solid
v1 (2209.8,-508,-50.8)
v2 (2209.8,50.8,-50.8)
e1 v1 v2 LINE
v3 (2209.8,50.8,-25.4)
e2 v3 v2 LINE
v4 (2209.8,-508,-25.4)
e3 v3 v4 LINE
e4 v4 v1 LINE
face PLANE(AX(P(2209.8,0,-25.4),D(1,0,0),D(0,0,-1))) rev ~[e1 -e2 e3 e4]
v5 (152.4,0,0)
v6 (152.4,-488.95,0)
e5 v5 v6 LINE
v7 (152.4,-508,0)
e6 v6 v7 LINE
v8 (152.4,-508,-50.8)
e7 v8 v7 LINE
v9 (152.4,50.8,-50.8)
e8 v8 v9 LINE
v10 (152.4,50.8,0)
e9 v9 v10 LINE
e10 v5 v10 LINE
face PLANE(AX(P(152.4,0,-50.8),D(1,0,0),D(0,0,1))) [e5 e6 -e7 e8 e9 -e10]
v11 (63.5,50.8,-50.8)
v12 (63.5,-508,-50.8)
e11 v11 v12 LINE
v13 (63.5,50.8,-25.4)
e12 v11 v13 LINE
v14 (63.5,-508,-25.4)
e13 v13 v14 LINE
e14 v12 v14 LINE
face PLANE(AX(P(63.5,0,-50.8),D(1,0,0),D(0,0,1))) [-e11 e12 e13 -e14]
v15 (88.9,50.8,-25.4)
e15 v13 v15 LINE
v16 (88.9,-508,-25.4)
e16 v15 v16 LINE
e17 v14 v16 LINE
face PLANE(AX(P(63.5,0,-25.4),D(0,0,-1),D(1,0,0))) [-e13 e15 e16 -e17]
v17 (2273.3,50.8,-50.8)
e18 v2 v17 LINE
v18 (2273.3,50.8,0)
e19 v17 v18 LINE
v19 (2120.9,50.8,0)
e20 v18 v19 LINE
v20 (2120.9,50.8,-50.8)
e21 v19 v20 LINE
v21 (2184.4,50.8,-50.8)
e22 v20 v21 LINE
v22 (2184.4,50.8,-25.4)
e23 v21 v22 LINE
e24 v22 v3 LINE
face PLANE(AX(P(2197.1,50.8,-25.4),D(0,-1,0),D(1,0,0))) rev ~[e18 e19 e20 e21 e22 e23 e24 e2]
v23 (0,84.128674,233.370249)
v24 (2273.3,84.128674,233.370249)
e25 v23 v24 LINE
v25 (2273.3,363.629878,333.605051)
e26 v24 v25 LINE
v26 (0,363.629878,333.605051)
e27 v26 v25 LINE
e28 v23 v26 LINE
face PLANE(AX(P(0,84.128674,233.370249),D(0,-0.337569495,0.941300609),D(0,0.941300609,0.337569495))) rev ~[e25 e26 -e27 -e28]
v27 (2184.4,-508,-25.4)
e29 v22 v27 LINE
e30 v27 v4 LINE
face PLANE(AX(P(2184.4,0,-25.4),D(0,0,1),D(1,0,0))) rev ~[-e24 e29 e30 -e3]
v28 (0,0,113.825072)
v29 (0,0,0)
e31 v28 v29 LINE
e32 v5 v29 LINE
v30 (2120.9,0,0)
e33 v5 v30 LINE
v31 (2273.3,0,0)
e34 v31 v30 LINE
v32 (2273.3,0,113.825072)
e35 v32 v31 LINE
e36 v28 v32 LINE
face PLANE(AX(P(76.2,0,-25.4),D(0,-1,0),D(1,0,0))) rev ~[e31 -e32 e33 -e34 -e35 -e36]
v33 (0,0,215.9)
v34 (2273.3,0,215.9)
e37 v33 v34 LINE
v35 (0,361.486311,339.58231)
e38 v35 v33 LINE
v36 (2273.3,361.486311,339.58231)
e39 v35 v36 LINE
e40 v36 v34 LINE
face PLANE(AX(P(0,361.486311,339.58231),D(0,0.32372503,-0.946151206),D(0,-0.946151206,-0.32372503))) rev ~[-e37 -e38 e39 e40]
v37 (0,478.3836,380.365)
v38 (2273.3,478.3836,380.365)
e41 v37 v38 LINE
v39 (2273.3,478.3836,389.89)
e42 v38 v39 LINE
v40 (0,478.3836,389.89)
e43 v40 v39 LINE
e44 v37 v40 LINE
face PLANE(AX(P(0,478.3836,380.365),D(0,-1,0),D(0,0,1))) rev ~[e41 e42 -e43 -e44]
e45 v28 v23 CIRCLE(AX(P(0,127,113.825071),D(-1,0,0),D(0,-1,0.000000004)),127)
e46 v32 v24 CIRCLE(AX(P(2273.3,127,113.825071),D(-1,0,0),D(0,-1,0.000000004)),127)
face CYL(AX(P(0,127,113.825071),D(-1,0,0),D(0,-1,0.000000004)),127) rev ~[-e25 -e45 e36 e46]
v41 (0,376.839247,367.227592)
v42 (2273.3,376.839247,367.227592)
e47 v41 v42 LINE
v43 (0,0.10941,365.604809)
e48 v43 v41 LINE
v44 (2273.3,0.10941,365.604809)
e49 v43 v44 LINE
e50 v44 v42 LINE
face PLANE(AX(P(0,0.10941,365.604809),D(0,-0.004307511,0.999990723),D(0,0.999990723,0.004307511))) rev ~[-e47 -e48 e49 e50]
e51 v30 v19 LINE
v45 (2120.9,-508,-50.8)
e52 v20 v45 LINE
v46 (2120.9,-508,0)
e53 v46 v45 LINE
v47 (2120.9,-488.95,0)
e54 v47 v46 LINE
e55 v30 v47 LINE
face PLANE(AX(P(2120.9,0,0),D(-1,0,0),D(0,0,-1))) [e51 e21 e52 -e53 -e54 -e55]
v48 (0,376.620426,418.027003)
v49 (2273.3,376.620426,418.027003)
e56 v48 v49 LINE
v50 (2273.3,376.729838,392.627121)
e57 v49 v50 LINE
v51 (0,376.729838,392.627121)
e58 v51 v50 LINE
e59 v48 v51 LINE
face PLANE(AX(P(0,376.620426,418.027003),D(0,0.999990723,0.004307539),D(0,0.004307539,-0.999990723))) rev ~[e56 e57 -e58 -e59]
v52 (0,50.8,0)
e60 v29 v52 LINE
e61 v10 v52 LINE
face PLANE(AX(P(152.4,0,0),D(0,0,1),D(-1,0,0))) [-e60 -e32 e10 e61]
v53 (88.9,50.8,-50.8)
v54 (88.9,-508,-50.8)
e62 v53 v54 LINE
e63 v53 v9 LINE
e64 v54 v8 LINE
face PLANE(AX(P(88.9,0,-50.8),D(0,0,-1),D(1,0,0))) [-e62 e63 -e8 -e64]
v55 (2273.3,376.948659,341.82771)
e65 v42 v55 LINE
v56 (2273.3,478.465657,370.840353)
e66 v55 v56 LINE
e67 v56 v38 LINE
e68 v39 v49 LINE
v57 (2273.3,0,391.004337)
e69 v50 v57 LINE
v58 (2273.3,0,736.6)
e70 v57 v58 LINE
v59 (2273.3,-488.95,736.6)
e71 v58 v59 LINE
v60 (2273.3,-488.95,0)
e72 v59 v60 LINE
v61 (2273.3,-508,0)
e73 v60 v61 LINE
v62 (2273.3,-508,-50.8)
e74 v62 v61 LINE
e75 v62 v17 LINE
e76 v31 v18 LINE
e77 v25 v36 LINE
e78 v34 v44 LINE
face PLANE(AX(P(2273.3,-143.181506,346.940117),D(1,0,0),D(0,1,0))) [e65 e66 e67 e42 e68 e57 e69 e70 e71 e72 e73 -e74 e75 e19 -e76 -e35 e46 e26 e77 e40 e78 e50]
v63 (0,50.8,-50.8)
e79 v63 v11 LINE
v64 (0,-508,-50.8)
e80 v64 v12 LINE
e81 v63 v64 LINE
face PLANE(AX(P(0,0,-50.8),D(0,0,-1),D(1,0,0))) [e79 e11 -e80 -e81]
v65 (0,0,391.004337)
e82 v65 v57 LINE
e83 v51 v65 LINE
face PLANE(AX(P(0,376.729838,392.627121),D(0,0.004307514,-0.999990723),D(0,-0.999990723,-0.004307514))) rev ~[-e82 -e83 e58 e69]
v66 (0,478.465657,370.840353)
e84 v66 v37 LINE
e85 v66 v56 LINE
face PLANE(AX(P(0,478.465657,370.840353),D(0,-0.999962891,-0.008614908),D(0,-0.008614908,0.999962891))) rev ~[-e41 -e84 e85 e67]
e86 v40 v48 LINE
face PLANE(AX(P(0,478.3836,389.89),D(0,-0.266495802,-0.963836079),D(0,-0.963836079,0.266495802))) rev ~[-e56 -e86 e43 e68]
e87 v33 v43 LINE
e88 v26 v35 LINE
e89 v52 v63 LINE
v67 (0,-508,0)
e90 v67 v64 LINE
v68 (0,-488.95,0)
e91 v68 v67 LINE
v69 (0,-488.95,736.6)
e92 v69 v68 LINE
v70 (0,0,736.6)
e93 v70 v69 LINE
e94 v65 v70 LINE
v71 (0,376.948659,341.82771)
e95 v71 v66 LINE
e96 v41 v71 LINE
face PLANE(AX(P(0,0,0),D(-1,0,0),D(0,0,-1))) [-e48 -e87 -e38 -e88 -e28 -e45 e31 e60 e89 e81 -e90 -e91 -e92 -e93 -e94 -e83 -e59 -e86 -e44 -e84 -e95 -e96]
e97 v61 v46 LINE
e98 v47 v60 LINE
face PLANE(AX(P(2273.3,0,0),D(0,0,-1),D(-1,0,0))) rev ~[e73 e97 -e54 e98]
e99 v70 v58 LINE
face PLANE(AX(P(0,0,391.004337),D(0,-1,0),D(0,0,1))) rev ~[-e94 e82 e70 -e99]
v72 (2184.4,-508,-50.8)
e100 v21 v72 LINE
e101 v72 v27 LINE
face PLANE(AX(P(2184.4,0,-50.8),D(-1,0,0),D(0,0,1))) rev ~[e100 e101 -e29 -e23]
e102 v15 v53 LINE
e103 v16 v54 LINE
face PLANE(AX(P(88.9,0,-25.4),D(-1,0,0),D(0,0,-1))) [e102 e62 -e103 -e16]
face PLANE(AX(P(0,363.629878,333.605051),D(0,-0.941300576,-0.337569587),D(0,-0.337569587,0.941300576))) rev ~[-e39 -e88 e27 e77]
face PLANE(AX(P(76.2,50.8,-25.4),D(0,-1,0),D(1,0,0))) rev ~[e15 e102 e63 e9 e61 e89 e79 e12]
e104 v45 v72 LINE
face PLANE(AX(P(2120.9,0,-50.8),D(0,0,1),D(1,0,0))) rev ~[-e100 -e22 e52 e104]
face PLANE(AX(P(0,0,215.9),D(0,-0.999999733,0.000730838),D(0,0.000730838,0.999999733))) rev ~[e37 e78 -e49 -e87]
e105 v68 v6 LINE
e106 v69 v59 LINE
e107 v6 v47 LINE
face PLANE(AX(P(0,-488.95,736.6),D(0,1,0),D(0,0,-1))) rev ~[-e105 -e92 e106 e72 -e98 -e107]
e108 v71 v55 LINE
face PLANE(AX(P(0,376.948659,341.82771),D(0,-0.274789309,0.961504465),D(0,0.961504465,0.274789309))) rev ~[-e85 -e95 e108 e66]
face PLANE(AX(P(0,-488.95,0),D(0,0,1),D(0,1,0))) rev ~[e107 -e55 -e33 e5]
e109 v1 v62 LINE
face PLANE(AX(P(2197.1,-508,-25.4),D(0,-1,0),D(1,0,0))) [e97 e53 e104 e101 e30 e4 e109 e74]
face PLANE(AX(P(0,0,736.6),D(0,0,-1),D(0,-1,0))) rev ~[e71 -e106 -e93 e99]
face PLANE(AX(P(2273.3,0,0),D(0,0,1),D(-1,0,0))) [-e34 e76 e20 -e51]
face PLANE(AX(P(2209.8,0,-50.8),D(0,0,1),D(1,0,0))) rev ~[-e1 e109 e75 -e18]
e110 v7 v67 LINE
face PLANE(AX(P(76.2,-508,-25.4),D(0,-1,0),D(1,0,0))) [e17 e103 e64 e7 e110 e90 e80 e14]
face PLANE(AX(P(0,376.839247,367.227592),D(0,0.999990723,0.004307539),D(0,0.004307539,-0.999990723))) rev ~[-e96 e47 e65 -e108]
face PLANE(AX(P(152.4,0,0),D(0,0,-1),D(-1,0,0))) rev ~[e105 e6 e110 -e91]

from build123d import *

# Parameters (mm, degrees)
F1_DEPTH      = 2273.3
F3_DEPTH      = 508
F3_DEPTH_BACK = 50.8


with BuildPart() as f1:
    # F0 (on Right) → F1 (new body)
    with BuildSketch(Plane.YZ):
        with BuildLine():
            Line((-488.95, 736.6), (-488.95, 0))
            Line((-488.95, 0), (0, 0))
            Line((0, 0), (0, 113.825072))
            ThreePointArc((0, 113.825072), (23.140339, 186.915227), (84.128674, 233.370249))
            Line((84.128674, 233.370249), (363.629878, 333.605051))
            Line((363.629878, 333.605051), (361.486311, 339.58231))
            Line((361.486311, 339.58231), (0, 215.9))
            Line((0, 215.9), (0.10941, 365.604809))
            Line((0.10941, 365.604809), (0, 378.304337))
            Line((0, 378.304337), (0, 391.004337))
            Line((0, 391.004337), (0, 736.6))
            Line((0, 736.6), (-488.95, 736.6))
        make_face()
        Polygon((376.729838, 392.627121), (0, 391.004337), (0, 378.304337), (0.10941, 365.604809), (376.839247, 367.227592), (376.784543, 379.927357), align=None)
        Polygon((376.620426, 418.027003), (376.729838, 392.627121), (376.784543, 379.927357), (478.3836, 380.365), (478.3836, 389.89), align=None)
        Polygon((478.3836, 380.365), (376.784543, 379.927357), (376.839247, 367.227592), (376.948659, 341.82771), (478.465657, 370.840353), align=None)
    extrude(amount=F1_DEPTH)

    # F2 (on Front) → F3 (join, two sides)
    with BuildSketch(Plane.XZ) as f3_sk:
        Polygon((76.2, 0), (0, 0), (0, -50.8), (63.5, -50.8), (63.5, -25.4), (88.9, -25.4), (88.9, -50.8), (152.4, -50.8), (152.4, 0), align=None)
        Polygon((2273.3, -50.8), (2273.3, 0), (2197.1, 0), (2120.9, 0), (2120.9, -50.8), (2184.4, -50.8), (2184.4, -25.4), (2209.8, -25.4), (2209.8, -50.8), align=None)
    extrude(amount=F3_DEPTH)
    extrude(f3_sk.sketch, amount=-F3_DEPTH_BACK)


solid = f1.part
